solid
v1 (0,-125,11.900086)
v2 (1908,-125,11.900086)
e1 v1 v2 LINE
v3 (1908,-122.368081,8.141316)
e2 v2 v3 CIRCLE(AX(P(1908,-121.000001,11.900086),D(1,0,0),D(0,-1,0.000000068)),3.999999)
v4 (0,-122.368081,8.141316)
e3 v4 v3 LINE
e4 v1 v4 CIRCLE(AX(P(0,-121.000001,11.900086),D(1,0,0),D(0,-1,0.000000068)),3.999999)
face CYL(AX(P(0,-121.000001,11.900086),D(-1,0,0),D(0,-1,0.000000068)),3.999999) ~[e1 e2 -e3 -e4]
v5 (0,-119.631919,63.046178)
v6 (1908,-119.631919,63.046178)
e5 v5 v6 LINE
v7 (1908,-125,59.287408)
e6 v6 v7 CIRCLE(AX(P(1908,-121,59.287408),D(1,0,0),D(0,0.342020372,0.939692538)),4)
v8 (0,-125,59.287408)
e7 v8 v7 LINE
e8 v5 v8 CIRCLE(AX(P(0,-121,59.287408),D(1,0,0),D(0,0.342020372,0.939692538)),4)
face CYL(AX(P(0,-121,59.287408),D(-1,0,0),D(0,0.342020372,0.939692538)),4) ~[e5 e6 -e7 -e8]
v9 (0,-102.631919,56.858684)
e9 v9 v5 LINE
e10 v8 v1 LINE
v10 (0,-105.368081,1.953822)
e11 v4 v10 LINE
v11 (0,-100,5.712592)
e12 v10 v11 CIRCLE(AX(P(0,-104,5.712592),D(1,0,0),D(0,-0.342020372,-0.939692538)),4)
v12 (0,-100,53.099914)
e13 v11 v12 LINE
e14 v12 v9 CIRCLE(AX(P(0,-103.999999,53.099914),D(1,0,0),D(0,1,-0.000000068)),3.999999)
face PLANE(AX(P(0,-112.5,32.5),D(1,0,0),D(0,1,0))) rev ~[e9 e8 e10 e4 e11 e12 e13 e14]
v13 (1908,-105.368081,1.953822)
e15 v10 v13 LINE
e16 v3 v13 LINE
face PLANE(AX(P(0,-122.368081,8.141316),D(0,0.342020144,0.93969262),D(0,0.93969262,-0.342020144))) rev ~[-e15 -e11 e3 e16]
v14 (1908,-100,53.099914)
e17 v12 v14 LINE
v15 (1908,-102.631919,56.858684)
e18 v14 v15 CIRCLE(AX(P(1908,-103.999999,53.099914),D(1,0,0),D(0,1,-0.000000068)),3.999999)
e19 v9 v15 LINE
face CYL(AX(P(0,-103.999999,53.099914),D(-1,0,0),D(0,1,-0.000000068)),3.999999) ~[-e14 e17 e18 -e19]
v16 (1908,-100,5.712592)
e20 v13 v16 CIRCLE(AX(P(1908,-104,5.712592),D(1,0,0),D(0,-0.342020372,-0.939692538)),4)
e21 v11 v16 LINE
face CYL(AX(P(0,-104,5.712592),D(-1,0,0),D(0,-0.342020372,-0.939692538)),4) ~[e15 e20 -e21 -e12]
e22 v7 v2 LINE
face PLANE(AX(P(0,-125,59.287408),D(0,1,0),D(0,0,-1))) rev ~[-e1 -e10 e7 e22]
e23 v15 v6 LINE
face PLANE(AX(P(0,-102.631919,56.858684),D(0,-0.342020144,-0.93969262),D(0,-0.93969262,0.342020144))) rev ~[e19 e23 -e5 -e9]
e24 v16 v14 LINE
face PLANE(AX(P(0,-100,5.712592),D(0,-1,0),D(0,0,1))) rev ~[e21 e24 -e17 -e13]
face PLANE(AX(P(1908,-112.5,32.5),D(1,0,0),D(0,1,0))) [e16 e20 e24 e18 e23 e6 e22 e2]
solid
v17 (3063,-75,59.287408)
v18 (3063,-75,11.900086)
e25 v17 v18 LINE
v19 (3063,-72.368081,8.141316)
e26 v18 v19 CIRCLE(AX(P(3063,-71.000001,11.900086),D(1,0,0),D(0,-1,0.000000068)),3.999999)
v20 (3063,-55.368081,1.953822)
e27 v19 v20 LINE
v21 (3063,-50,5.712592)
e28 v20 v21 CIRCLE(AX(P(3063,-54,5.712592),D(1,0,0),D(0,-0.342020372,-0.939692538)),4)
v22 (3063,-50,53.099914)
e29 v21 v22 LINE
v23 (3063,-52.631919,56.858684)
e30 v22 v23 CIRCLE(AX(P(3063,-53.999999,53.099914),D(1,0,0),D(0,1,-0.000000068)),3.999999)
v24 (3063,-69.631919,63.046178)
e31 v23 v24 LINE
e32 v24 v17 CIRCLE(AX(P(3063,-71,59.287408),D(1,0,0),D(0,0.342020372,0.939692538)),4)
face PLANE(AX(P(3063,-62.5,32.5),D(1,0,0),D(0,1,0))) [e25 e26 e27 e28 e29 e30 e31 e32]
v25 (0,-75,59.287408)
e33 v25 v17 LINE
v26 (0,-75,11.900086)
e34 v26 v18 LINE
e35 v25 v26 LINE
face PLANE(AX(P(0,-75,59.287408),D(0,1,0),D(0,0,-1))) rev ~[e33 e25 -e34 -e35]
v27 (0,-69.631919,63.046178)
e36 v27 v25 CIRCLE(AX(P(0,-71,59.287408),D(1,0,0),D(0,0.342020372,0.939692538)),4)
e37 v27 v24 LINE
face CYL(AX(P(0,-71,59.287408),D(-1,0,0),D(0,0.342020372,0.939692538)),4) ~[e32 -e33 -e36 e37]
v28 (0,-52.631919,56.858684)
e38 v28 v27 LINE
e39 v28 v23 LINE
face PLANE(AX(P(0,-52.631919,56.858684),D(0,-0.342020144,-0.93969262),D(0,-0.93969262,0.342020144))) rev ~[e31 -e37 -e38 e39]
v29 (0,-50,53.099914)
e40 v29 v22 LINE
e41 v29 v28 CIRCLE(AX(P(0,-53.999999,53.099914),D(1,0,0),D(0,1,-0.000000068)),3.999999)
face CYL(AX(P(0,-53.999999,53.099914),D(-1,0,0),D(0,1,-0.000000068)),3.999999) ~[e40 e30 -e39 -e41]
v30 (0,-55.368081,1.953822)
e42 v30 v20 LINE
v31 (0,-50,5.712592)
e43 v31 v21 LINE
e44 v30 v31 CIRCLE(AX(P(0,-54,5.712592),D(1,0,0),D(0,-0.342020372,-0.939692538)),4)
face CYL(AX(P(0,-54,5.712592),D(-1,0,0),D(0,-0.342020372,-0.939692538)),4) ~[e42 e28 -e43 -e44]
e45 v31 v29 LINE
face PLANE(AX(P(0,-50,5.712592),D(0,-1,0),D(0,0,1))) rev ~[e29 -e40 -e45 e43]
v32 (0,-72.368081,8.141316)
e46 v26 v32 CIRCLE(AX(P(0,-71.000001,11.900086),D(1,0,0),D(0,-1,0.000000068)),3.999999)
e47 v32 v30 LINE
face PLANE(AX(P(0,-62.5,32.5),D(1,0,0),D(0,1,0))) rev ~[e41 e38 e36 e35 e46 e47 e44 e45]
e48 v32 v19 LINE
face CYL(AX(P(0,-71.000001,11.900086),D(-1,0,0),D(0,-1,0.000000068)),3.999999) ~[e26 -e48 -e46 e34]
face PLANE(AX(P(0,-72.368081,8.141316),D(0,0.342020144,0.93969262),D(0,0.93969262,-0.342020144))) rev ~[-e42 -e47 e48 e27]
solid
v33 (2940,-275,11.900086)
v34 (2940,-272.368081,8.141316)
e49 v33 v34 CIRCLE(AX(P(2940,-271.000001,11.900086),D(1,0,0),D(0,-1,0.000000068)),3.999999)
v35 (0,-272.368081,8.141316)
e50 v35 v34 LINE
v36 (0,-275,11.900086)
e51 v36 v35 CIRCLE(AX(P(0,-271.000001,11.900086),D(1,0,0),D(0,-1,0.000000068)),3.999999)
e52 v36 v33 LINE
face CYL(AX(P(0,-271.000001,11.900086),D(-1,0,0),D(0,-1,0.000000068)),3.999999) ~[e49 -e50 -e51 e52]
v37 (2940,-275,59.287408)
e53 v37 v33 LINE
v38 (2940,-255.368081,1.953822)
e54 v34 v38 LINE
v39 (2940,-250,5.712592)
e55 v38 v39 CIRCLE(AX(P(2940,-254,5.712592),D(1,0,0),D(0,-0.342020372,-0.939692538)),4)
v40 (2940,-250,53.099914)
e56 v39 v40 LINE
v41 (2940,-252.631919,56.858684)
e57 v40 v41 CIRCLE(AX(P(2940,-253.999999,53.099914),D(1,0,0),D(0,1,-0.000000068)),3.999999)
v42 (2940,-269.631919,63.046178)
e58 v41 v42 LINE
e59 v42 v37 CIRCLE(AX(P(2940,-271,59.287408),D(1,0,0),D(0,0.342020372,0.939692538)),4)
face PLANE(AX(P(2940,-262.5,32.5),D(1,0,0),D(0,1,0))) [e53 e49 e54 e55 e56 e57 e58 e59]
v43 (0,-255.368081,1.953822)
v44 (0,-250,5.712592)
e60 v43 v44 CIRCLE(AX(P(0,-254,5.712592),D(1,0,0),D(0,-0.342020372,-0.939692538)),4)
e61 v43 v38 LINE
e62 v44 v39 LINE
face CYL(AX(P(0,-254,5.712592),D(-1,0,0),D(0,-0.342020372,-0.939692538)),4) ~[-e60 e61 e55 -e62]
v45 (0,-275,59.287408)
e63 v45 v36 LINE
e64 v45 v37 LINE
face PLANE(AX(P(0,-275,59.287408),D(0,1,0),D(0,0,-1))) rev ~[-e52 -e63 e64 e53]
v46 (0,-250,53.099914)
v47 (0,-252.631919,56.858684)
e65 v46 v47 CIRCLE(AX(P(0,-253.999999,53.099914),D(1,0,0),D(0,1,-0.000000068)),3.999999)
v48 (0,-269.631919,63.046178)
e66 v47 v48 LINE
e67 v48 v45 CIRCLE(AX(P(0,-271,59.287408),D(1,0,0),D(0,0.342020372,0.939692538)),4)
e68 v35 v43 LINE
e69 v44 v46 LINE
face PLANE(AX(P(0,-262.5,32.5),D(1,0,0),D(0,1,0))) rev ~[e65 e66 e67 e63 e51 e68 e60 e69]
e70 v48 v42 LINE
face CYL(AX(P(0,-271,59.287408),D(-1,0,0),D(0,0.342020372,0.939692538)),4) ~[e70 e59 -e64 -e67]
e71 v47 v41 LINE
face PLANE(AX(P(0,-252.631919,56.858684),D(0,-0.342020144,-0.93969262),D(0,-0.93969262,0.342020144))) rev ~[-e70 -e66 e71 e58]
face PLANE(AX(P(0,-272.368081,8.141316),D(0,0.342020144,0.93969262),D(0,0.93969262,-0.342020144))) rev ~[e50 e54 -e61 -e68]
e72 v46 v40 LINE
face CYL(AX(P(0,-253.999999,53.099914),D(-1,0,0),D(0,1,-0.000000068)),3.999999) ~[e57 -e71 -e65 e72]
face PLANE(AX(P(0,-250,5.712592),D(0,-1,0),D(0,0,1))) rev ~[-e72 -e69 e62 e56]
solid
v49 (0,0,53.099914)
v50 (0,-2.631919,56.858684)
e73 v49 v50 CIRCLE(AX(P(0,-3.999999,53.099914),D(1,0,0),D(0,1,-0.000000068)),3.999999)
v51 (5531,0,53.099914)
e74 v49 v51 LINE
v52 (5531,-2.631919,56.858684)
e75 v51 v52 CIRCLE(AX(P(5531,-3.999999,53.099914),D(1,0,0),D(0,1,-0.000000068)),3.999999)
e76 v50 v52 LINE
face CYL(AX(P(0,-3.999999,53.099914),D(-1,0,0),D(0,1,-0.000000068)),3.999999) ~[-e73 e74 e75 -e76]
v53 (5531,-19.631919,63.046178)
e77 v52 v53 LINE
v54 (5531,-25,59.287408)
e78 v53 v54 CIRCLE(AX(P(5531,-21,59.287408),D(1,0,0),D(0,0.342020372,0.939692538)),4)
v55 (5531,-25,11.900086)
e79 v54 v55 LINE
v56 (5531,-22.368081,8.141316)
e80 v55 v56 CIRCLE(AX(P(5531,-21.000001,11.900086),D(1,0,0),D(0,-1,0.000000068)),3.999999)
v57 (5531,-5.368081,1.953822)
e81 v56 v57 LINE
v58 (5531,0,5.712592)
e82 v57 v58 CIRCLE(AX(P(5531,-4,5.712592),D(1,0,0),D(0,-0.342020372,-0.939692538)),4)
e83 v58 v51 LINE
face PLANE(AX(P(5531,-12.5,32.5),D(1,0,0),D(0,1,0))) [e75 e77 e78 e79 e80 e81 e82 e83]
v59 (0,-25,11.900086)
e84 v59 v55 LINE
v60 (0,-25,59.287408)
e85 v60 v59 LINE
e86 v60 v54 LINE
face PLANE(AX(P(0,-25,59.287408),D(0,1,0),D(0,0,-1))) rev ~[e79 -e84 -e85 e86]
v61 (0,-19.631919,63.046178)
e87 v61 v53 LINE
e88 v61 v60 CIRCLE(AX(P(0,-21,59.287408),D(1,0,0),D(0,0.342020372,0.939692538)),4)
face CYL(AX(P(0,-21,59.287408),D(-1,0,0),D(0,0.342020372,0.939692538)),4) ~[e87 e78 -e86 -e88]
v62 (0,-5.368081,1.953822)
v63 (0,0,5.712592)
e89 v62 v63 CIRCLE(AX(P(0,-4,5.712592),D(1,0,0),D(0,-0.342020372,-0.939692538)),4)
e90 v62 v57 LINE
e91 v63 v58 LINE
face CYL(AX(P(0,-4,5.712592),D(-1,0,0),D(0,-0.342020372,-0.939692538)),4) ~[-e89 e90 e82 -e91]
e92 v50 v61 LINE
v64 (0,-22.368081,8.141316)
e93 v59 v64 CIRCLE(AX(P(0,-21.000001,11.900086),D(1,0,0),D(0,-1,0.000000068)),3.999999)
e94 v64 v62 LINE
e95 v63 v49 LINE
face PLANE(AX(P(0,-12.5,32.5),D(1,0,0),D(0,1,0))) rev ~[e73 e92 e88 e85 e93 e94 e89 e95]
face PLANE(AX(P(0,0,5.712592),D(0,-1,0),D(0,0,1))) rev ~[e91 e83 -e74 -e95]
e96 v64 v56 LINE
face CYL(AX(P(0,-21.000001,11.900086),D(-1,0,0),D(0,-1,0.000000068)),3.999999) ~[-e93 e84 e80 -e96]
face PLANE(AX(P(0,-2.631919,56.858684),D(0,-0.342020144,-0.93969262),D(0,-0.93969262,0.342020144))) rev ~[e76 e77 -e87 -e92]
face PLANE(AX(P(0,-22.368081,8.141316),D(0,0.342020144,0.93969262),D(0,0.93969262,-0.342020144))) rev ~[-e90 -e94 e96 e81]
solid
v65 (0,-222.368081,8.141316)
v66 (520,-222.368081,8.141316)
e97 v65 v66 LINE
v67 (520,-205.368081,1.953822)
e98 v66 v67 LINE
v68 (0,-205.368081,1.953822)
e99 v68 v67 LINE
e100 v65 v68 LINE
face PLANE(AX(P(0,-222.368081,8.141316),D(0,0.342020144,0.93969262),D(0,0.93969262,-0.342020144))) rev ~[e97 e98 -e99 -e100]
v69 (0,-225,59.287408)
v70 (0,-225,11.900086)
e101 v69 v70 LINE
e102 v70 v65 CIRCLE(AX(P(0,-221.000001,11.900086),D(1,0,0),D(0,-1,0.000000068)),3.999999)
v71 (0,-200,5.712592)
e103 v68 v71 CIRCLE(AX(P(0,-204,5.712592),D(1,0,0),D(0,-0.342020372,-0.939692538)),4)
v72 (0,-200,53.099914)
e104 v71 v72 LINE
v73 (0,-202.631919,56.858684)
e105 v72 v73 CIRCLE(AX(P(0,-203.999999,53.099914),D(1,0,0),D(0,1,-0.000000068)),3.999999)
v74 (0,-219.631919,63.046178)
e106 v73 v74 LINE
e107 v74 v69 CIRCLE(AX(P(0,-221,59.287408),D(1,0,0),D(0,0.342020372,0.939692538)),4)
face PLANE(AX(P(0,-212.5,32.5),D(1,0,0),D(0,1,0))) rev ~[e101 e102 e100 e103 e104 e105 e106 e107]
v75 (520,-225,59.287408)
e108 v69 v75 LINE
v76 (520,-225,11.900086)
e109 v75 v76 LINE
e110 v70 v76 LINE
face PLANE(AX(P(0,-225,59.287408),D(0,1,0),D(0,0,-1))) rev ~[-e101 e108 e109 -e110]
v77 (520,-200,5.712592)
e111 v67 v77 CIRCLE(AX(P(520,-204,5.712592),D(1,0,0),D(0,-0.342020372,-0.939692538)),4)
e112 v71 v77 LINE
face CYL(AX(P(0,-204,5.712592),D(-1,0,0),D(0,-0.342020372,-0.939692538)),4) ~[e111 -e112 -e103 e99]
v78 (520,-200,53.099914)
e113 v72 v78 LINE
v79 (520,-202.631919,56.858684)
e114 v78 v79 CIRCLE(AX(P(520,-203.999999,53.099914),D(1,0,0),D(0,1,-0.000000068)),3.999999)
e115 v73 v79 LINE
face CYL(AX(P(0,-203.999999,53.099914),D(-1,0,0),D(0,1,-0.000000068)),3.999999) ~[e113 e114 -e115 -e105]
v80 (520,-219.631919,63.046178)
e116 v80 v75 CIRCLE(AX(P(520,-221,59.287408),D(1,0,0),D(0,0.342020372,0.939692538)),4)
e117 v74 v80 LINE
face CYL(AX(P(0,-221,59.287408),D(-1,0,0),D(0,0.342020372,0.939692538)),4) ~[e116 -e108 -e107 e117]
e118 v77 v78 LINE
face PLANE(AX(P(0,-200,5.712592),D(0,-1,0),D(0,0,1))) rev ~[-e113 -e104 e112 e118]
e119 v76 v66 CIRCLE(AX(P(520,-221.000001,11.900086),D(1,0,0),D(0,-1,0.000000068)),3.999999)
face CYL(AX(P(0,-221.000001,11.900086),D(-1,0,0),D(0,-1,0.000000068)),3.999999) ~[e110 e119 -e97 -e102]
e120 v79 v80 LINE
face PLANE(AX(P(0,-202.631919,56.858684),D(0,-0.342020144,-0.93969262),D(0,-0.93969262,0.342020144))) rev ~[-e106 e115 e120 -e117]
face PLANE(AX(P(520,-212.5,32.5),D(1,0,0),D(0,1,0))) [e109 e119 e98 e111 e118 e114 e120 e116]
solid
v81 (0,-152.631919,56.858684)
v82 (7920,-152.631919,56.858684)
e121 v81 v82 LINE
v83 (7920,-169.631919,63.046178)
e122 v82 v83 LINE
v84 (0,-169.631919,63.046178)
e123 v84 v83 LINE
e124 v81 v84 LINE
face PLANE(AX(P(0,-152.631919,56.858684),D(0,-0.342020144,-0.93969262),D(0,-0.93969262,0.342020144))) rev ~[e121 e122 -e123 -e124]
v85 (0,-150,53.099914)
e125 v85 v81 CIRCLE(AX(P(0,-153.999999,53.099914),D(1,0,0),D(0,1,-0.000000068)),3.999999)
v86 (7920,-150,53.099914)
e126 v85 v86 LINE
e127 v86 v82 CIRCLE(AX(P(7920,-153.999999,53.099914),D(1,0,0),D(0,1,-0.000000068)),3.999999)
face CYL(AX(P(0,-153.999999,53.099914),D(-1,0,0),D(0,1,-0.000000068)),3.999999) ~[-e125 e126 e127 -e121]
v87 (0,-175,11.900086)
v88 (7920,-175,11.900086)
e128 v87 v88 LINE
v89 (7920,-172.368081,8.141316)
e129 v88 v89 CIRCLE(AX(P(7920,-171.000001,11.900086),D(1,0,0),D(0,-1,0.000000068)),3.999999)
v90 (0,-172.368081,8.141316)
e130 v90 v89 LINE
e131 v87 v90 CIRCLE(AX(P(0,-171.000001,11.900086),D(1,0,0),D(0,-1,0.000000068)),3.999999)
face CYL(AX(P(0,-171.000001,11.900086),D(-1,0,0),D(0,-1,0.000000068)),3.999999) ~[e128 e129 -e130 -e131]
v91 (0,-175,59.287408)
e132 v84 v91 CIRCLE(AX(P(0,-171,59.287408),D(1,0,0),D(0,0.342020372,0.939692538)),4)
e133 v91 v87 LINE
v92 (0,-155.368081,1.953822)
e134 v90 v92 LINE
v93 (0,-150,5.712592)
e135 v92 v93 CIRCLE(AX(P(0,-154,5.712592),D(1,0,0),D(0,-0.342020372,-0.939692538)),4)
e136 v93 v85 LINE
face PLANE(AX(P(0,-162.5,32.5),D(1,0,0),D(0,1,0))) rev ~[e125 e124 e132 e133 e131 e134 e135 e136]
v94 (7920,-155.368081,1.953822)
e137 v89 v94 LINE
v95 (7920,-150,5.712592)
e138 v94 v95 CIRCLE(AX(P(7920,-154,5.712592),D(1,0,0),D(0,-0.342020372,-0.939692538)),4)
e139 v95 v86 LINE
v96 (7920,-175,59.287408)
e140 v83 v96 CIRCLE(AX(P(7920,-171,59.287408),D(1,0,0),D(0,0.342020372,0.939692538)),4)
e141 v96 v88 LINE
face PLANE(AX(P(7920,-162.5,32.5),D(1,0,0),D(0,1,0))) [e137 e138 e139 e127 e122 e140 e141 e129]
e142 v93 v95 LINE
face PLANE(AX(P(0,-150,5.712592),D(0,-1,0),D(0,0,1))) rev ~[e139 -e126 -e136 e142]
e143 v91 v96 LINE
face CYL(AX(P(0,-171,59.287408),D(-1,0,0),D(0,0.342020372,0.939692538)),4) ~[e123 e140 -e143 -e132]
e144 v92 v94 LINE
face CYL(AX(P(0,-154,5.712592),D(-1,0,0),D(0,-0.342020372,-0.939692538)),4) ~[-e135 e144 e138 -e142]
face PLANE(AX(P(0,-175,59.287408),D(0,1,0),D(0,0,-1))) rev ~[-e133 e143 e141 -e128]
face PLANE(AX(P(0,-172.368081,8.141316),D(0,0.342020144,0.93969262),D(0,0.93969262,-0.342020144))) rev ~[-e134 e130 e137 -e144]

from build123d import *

# Parameters (mm, degrees)
F1_DEPTH = 5531
F2_DEPTH = 3063
F3_DEPTH = 1908
F4_DEPTH = 7920
F5_DEPTH = 520
F6_DEPTH = 2940


with BuildPart() as f1:
    # F0 (on Right) → F1 (new body)
    with BuildSketch(Plane.YZ):
        with BuildLine():
            ThreePointArc((-5.368081, 1.953822), (-1.705694, 2.435984), (0, 5.712592))
            Line((0, 5.712592), (0, 53.099914))
            ThreePointArc((0, 53.099914), (-0.723392, 55.39422), (-2.631919, 56.858684))
            Line((-2.631919, 56.858684), (-19.631919, 63.046178))
            ThreePointArc((-19.631919, 63.046178), (-23.294306, 62.564016), (-25, 59.287408))
            Line((-25, 59.287408), (-25, 11.900086))
            ThreePointArc((-25, 11.900086), (-24.276608, 9.60578), (-22.368081, 8.141316))
            Line((-22.368081, 8.141316), (-5.368081, 1.953822))
        make_face()
    extrude(amount=F1_DEPTH)


with BuildPart() as f2:
    # F0 (on Right) → F2 (new body)
    with BuildSketch(Plane.YZ):
        with BuildLine():
            ThreePointArc((-69.631919, 63.046178), (-73.294306, 62.564016), (-75, 59.287408))
            Line((-75, 59.287408), (-75, 11.900086))
            ThreePointArc((-75, 11.900086), (-74.276608, 9.60578), (-72.368081, 8.141316))
            Line((-72.368081, 8.141316), (-55.368081, 1.953822))
            ThreePointArc((-55.368081, 1.953822), (-51.705694, 2.435984), (-50, 5.712592))
            Line((-50, 5.712592), (-50, 53.099914))
            ThreePointArc((-50, 53.099914), (-50.723392, 55.39422), (-52.631919, 56.858684))
            Line((-52.631919, 56.858684), (-69.631919, 63.046178))
        make_face()
    extrude(amount=F2_DEPTH)


with BuildPart() as f3:
    # F0 (on Right) → F3 (new body)
    with BuildSketch(Plane.YZ):
        with BuildLine():
            ThreePointArc((-119.631919, 63.046178), (-123.294306, 62.564016), (-125, 59.287408))
            Line((-125, 59.287408), (-125, 11.900086))
            ThreePointArc((-125, 11.900086), (-124.276608, 9.60578), (-122.368081, 8.141316))
            Line((-122.368081, 8.141316), (-105.368081, 1.953822))
            ThreePointArc((-105.368081, 1.953822), (-101.705694, 2.435984), (-100, 5.712592))
            Line((-100, 5.712592), (-100, 53.099914))
            ThreePointArc((-100, 53.099914), (-100.723392, 55.39422), (-102.631919, 56.858684))
            Line((-102.631919, 56.858684), (-119.631919, 63.046178))
        make_face()
    extrude(amount=F3_DEPTH)


with BuildPart() as f4:
    # F0 (on Right) → F4 (new body)
    with BuildSketch(Plane.YZ):
        with BuildLine():
            ThreePointArc((-169.631919, 63.046178), (-173.294306, 62.564016), (-175, 59.287408))
            Line((-175, 59.287408), (-175, 11.900086))
            ThreePointArc((-175, 11.900086), (-174.276608, 9.60578), (-172.368081, 8.141316))
            Line((-172.368081, 8.141316), (-155.368081, 1.953822))
            ThreePointArc((-155.368081, 1.953822), (-151.705694, 2.435984), (-150, 5.712592))
            Line((-150, 5.712592), (-150, 53.099914))
            ThreePointArc((-150, 53.099914), (-150.723392, 55.39422), (-152.631919, 56.858684))
            Line((-152.631919, 56.858684), (-169.631919, 63.046178))
        make_face()
    extrude(amount=F4_DEPTH)


with BuildPart() as f5:
    # F0 (on Right) → F5 (new body)
    with BuildSketch(Plane.YZ):
        with BuildLine():
            ThreePointArc((-219.631919, 63.046178), (-223.294306, 62.564016), (-225, 59.287408))
            Line((-225, 59.287408), (-225, 11.900086))
            ThreePointArc((-225, 11.900086), (-224.276608, 9.60578), (-222.368081, 8.141316))
            Line((-222.368081, 8.141316), (-205.368081, 1.953822))
            ThreePointArc((-205.368081, 1.953822), (-201.705694, 2.435984), (-200, 5.712592))
            Line((-200, 5.712592), (-200, 53.099914))
            ThreePointArc((-200, 53.099914), (-200.723392, 55.39422), (-202.631919, 56.858684))
            Line((-202.631919, 56.858684), (-219.631919, 63.046178))
        make_face()
    extrude(amount=F5_DEPTH)


with BuildPart() as f6:
    # F0 (on Right) → F6 (new body)
    with BuildSketch(Plane.YZ):
        with BuildLine():
            ThreePointArc((-269.631919, 63.046178), (-273.294306, 62.564016), (-275, 59.287408))
            Line((-275, 59.287408), (-275, 11.900086))
            ThreePointArc((-275, 11.900086), (-274.276608, 9.60578), (-272.368081, 8.141316))
            Line((-272.368081, 8.141316), (-255.368081, 1.953822))
            ThreePointArc((-255.368081, 1.953822), (-251.705694, 2.435984), (-250, 5.712592))
            Line((-250, 5.712592), (-250, 53.099914))
            ThreePointArc((-250, 53.099914), (-250.723392, 55.39422), (-252.631919, 56.858684))
            Line((-252.631919, 56.858684), (-269.631919, 63.046178))
        make_face()
    extrude(amount=F6_DEPTH)


solid = Compound([f1.part, f2.part, f3.part, f4.part, f5.part, f6.part])
